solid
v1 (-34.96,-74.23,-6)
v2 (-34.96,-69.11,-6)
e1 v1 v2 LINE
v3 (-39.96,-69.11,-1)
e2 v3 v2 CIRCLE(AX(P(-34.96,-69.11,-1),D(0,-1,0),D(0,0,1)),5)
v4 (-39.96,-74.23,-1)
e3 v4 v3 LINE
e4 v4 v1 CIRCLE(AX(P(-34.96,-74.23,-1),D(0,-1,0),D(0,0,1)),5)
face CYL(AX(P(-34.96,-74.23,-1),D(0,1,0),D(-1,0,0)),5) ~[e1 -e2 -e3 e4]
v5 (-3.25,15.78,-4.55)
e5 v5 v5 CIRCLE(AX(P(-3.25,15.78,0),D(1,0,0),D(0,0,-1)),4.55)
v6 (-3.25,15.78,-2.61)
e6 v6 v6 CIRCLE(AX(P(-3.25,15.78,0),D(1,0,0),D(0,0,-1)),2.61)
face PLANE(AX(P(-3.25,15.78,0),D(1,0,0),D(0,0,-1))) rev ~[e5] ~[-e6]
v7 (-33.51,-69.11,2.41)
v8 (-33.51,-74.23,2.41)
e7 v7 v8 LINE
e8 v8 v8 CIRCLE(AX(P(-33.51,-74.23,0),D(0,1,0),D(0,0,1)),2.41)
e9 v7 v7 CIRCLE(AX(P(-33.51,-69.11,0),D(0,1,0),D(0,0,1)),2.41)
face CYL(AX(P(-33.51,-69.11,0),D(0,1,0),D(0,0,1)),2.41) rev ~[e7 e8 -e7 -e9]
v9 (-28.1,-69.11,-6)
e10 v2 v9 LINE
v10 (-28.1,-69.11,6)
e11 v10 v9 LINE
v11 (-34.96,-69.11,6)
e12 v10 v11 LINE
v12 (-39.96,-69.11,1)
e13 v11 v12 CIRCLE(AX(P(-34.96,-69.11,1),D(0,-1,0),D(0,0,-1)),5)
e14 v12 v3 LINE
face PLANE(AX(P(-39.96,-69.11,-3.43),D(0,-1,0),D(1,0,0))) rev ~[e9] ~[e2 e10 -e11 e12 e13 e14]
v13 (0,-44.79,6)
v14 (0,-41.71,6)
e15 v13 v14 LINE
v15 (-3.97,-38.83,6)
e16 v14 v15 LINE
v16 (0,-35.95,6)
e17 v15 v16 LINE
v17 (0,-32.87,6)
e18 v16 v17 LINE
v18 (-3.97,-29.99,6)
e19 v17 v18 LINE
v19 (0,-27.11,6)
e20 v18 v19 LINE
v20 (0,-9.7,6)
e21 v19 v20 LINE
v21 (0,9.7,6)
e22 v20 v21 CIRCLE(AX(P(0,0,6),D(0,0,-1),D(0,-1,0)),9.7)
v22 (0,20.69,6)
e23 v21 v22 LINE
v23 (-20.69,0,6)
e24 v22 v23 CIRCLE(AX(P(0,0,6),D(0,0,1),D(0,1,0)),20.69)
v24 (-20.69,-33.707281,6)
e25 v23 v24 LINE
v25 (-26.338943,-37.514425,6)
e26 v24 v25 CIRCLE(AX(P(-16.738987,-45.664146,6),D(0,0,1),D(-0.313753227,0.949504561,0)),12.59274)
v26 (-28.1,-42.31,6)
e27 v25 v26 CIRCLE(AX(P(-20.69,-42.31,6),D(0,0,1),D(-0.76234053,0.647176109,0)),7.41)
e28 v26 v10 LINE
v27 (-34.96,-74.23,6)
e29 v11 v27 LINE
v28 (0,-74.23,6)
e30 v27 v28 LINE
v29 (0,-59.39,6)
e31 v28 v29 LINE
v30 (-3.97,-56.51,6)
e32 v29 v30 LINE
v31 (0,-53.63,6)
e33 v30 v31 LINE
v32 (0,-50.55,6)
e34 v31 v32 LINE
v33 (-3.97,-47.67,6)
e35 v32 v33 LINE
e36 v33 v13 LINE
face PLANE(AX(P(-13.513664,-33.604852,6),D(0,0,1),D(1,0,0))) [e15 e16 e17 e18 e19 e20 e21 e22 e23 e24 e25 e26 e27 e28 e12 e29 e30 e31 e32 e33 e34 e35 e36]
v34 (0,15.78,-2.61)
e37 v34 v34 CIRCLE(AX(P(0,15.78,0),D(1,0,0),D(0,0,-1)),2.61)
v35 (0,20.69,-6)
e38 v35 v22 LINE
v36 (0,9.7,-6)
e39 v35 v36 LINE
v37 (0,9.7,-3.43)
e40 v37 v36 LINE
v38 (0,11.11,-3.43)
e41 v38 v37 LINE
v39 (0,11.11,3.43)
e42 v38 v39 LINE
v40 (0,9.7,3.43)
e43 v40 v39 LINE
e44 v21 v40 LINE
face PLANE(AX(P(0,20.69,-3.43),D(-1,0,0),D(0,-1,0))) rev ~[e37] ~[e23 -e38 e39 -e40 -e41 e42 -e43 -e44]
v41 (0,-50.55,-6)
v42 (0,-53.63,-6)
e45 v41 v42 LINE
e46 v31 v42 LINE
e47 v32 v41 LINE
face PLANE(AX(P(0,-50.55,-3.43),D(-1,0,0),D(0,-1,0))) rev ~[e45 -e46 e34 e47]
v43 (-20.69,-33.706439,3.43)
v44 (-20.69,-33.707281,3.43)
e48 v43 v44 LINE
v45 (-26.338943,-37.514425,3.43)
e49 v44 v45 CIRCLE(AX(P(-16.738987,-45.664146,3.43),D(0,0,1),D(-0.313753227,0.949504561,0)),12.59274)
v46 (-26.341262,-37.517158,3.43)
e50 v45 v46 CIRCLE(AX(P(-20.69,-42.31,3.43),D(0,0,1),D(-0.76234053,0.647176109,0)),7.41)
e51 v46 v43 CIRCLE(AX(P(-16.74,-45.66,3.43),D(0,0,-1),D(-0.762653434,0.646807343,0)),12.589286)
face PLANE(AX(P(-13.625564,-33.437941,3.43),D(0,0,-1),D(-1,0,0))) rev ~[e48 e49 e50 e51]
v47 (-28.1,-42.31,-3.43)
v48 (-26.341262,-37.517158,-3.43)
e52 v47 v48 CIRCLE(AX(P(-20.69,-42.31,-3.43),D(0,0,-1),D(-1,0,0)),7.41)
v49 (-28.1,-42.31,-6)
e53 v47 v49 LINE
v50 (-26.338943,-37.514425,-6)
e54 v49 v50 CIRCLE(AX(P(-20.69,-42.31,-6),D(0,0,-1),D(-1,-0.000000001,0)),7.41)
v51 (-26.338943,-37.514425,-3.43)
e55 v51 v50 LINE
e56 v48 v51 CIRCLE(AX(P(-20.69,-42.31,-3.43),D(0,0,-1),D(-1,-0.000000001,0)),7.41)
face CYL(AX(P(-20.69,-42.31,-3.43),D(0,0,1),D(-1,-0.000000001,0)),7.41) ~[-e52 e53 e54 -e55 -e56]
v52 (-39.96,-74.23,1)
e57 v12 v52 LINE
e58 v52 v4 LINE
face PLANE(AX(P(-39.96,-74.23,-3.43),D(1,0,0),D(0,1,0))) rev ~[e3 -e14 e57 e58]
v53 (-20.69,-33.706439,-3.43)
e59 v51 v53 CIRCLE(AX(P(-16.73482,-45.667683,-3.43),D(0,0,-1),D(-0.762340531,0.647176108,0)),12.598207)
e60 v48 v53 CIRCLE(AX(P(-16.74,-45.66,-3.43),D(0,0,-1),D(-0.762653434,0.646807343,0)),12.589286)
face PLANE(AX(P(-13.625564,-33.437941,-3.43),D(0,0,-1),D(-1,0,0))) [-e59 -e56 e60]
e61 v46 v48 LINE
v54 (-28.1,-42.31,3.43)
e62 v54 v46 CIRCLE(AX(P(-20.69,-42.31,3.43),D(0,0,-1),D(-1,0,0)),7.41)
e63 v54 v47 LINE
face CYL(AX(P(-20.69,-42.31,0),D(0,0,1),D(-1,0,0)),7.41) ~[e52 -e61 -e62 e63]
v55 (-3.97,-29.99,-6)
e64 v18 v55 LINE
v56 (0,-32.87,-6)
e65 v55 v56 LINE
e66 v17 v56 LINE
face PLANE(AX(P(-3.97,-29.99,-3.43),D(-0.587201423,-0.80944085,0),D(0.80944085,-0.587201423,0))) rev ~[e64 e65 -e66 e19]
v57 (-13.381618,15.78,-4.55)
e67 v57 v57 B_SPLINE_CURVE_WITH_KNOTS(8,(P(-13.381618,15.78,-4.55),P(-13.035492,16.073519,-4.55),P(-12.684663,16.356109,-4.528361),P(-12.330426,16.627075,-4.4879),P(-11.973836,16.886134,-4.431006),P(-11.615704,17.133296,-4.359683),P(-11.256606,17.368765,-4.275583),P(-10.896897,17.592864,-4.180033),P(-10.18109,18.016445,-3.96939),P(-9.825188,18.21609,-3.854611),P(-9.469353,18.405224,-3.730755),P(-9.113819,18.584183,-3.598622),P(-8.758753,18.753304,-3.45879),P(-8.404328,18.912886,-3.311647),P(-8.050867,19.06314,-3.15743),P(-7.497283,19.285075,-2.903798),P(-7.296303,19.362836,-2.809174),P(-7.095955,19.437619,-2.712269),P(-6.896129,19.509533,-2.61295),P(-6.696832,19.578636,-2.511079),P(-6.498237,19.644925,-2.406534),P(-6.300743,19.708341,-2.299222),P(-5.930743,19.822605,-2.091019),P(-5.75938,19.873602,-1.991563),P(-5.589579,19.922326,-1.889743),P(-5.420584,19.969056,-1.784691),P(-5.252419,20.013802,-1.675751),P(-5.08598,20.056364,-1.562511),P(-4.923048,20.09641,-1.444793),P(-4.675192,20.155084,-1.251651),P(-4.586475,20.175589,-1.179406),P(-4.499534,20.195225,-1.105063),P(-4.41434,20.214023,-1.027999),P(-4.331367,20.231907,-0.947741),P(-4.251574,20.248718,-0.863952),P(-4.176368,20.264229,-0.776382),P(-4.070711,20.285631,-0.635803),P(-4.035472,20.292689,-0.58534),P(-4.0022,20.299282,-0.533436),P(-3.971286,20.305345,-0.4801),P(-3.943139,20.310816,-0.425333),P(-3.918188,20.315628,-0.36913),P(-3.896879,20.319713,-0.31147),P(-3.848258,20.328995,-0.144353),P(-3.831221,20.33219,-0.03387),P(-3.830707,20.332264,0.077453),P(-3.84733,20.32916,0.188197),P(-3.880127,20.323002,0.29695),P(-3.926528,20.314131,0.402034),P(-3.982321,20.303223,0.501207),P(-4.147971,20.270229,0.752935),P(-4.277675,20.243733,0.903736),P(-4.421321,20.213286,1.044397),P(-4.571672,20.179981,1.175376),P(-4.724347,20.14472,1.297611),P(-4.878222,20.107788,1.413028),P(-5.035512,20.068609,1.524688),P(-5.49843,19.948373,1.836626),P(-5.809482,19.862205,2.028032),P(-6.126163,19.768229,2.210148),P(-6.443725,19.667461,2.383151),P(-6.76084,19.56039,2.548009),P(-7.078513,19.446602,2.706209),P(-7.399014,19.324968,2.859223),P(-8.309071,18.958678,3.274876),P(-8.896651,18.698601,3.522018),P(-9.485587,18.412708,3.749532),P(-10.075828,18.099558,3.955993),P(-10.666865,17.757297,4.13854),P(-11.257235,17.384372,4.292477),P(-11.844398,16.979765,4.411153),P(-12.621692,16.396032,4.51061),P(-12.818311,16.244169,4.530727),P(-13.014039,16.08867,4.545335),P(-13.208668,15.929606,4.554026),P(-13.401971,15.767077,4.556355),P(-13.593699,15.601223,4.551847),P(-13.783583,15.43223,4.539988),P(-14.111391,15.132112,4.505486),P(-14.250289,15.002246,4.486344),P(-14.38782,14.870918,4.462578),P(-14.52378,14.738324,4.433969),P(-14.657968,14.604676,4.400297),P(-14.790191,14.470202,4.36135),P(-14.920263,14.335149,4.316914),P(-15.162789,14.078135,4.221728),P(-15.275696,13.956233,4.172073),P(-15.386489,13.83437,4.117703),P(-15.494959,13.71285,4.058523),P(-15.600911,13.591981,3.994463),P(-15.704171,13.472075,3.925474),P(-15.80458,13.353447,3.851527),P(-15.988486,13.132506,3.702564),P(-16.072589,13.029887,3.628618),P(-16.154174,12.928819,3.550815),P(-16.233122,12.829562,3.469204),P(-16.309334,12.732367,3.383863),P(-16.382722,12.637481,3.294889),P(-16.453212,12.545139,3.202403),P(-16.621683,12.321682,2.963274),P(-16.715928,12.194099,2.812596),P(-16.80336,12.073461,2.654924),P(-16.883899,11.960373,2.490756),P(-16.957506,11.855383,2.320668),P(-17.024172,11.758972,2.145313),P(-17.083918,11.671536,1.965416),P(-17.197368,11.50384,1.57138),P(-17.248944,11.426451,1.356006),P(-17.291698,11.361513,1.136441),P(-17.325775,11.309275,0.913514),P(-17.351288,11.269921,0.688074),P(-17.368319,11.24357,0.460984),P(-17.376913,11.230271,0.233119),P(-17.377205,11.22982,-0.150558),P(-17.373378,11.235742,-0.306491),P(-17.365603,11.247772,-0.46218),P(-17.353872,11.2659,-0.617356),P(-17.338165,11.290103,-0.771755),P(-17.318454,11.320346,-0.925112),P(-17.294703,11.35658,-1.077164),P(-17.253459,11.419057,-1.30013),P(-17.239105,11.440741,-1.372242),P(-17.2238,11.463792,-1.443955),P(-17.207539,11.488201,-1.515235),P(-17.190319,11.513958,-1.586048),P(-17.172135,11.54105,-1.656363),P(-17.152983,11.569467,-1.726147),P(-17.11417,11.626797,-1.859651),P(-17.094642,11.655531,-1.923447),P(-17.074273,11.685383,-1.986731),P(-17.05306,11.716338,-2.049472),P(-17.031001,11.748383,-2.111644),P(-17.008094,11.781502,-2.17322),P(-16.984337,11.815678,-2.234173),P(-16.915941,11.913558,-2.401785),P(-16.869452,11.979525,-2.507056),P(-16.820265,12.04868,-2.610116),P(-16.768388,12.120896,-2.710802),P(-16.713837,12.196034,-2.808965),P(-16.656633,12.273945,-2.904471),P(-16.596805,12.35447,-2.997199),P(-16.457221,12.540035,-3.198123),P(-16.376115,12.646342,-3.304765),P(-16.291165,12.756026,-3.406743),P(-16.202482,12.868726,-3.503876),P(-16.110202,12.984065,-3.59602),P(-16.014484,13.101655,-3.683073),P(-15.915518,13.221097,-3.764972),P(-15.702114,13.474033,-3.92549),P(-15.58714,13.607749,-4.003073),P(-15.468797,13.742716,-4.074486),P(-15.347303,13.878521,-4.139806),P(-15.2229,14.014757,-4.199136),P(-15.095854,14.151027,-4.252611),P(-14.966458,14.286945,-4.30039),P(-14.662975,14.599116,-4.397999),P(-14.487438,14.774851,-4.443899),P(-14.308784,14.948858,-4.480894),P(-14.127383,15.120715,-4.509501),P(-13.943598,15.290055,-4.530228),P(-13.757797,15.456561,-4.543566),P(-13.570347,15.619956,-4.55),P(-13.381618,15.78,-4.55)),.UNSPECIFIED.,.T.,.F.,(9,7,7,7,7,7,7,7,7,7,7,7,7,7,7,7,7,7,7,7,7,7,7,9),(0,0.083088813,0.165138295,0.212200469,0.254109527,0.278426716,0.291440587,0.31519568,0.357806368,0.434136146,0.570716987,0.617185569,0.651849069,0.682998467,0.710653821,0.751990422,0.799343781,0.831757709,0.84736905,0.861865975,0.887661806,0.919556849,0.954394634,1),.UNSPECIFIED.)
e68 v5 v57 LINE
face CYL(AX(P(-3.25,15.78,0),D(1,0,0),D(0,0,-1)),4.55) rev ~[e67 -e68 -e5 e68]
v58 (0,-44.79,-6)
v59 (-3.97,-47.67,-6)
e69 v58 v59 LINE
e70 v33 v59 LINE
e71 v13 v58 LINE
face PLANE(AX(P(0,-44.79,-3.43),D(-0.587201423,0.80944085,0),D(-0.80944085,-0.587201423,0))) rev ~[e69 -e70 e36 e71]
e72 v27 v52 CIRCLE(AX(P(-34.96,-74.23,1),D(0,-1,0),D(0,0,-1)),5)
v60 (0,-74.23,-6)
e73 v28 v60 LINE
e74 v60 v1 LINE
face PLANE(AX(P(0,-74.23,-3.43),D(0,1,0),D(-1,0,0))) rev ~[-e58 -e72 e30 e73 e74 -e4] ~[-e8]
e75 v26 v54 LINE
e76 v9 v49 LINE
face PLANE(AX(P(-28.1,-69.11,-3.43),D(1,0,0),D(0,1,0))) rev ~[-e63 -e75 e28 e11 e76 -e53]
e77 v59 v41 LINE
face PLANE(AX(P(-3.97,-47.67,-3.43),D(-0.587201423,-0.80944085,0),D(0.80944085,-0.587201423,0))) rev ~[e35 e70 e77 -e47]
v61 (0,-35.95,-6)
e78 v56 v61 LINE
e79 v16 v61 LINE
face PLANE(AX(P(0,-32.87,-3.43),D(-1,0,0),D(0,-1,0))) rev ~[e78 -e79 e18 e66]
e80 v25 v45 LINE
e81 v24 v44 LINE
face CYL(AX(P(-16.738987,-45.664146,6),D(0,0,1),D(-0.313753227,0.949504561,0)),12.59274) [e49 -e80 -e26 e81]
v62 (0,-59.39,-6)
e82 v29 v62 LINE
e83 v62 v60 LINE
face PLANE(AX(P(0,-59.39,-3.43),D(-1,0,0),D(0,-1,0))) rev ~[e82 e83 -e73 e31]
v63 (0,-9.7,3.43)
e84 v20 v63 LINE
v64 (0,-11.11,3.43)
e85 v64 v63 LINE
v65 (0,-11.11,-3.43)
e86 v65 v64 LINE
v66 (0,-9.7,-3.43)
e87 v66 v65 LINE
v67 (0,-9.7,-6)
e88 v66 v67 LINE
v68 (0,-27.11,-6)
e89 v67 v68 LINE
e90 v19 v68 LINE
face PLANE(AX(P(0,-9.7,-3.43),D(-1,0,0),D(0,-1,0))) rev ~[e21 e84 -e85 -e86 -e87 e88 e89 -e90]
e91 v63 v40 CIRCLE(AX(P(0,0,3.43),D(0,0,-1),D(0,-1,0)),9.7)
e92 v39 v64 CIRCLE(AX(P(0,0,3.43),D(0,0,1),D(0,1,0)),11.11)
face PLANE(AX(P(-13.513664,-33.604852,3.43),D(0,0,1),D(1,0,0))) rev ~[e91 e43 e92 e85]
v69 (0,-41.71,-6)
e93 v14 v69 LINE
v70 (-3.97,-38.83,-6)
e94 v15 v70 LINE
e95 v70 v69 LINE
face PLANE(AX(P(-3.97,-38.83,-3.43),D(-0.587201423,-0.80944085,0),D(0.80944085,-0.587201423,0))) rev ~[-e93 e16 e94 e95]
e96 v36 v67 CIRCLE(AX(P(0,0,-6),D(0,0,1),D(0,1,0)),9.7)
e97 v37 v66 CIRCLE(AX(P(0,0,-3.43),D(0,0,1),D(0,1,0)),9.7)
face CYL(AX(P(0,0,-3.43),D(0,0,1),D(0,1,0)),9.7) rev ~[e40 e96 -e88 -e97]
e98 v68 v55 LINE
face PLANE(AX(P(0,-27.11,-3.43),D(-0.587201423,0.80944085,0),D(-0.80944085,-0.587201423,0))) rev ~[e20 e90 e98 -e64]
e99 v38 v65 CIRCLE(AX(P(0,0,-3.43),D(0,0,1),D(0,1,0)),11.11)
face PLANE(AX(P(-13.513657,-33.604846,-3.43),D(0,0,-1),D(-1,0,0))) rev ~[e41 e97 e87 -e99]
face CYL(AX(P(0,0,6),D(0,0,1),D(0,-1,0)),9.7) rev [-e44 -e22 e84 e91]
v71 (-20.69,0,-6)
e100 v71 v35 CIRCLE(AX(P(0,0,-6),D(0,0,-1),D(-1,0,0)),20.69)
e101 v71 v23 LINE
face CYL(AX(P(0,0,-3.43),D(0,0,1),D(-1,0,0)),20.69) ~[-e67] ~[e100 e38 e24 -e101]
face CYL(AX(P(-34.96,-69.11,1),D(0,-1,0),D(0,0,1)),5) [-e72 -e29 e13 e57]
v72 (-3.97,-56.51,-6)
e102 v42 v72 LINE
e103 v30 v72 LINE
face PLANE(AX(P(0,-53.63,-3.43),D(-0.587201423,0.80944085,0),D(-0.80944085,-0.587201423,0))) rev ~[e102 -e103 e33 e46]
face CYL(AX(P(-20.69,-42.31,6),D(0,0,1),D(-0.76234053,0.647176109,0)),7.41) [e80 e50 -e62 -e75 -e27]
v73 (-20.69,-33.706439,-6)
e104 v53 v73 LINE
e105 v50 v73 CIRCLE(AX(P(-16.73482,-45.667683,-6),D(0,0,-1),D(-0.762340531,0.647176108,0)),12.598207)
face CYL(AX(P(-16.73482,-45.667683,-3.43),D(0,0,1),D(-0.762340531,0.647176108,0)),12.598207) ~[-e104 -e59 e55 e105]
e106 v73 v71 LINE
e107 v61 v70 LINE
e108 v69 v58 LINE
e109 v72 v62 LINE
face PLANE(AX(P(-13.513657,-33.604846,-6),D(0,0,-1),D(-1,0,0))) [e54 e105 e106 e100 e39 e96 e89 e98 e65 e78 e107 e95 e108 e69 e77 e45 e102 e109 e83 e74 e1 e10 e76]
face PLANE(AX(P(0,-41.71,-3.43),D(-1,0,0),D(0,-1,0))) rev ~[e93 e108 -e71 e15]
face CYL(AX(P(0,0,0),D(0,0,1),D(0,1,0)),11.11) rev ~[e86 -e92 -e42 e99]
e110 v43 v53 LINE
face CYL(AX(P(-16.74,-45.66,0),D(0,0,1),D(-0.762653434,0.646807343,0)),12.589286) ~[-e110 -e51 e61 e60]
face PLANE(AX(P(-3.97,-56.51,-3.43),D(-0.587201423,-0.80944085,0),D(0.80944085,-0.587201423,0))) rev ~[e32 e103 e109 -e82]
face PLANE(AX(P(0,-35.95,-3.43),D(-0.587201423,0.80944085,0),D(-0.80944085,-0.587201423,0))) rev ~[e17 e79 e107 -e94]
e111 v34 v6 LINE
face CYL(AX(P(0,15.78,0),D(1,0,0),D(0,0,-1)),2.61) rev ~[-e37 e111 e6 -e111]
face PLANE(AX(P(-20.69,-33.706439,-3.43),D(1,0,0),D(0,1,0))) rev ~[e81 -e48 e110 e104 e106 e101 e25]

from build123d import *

# Parameters (mm, degrees)
BOSS_EXTRUDE1_DEPTH = 3.43
BOSS_EXTRUDE3_START = 2.57
BOSS_EXTRUDE3_DEPTH = 2.57
SKETCH6_R           = 2.41
CUT_EXTRUDE1_DEPTH  = 99.472542366
SKETCH7_R           = 2.61
CUT_EXTRUDE2_DEPTH  = 85.51564648
BOSS_EXTRUDE5_DEPTH = 2.57
FILLET4_R           = 5
SKETCH16_R          = 4.55
CUT_EXTRUDE5_DEPTH  = 84.028410807


with BuildPart() as part:
    # Sketch2 → Boss-Extrude1 (new, symmetric)
    with BuildSketch(Plane.XY):
        with BuildLine():
            Line((0, -11.11), (0, -27.11))
            Line((0, -27.11), (-3.97, -29.99))
            Line((-3.97, -29.99), (0, -32.87))
            Line((0, -32.87), (0, -35.95))
            Line((0, -35.95), (-3.97, -38.83))
            Line((-3.97, -38.83), (0, -41.71))
            Line((0, -41.71), (0, -44.79))
            Line((0, -44.79), (-3.97, -47.67))
            Line((-3.97, -47.67), (0, -50.55))
            Line((0, -50.55), (0, -53.63))
            Line((0, -53.63), (-3.97, -56.51))
            Line((-3.97, -56.51), (0, -59.39))
            Line((0, -59.39), (0, -74.23))
            Line((0, -74.23), (-39.96, -74.23))
            Line((-39.96, -74.23), (-39.96, -69.11))
            Line((-39.96, -69.11), (-28.1, -69.11))
            Line((-28.1, -69.11), (-28.1, -42.31))
            ThreePointArc((-28.1, -42.31), (-27.646434109, -39.757329931), (-26.341261949, -37.517157588))
            ThreePointArc((-26.341261949, -37.517157588), (-23.778435094, -35.222062226), (-20.69, -33.706439294))
            Line((-20.69, -33.706439294), (-20.69, 0))
            ThreePointArc((-20.69, 0), (-14.630039303, 14.630039303), (0, 20.69))
            Line((0, 20.69), (0, 11.11))
            ThreePointArc((0, 11.11), (-11.11, 0), (0, -11.11))
        make_face()
    extrude(amount=BOSS_EXTRUDE1_DEPTH, both=True)

    # Sketch4 → Boss-Extrude3 (add)
    with BuildSketch(Plane.XY.offset(3.43).offset(BOSS_EXTRUDE3_START)):
        with BuildLine():
            Line((-39.96, -69.11), (-39.96, -74.23))
            Line((-39.96, -74.23), (0, -74.23))
            Line((0, -74.23), (0, -59.39))
            Line((0, -59.39), (-3.97, -56.51))
            Line((-3.97, -56.51), (0, -53.63))
            Line((0, -53.63), (0, -50.55))
            Line((0, -50.55), (-3.97, -47.67))
            Line((-3.97, -47.67), (0, -44.79))
            Line((0, -44.79), (0, -41.71))
            Line((0, -41.71), (-3.97, -38.83))
            Line((-3.97, -38.83), (0, -35.95))
            Line((0, -35.95), (0, -32.87))
            Line((0, -32.87), (-3.97, -29.99))
            Line((-3.97, -29.99), (0, -27.11))
            Line((0, -27.11), (0, -9.7))
            ThreePointArc((0, -9.7), (-9.7, 0), (0, 9.7))
            Line((0, 9.7), (0, 20.69))
            ThreePointArc((0, 20.69), (-14.630039303, 14.630039303), (-20.69, 0))
            Line((-20.69, 0), (-20.69, -33.707281395))
            ThreePointArc((-20.69, -33.707281395), (-23.776797611, -35.221620619), (-26.33894333, -37.514425035))
            ThreePointArc((-26.33894333, -37.514425035), (-27.645816634, -39.755647839), (-28.1, -42.31))
            Line((-28.1, -42.31), (-28.1, -69.11))
            Line((-28.1, -69.11), (-39.96, -69.11))
        make_face()
    extrude(amount=-BOSS_EXTRUDE3_DEPTH)

    # Sketch6 → Cut-Extrude1 (cut, through all)
    with BuildSketch(Plane(origin=(0, -69.11, 0), x_dir=(1, 0, 0), z_dir=(0, 1, 0))):
        with Locations(Location((-33.51, 0, 0), (0, 0, 270))):
            Circle(SKETCH6_R)
    extrude(amount=-CUT_EXTRUDE1_DEPTH, mode=Mode.SUBTRACT)

    # Sketch7 → Cut-Extrude2 (cut, through all)
    with BuildSketch(Plane(origin=(0, 0, 0), x_dir=(0, 0, -1), z_dir=(1, 0, 0))):
        with Locations((0, 15.78)):
            Circle(SKETCH7_R)
    extrude(amount=-CUT_EXTRUDE2_DEPTH, mode=Mode.SUBTRACT)

    # Sketch15 → Boss-Extrude5 (add)
    with BuildSketch(Plane(origin=(0, 0, -3.43), x_dir=(-1, 0, 0), z_dir=(0, 0, -1))):
        with BuildLine():
            Line((0, 20.69), (0, 9.7))
            ThreePointArc((0, 9.7), (9.7, 0), (0, -9.7))
            Line((0, -9.7), (0, -27.11))
            Line((0, -27.11), (3.97, -29.99))
            Line((3.97, -29.99), (0, -32.87))
            Line((0, -32.87), (0, -35.95))
            Line((0, -35.95), (3.97, -38.83))
            Line((3.97, -38.83), (0, -41.71))
            Line((0, -41.71), (0, -44.79))
            Line((0, -44.79), (3.97, -47.67))
            Line((3.97, -47.67), (0, -50.55))
            Line((0, -50.55), (0, -53.63))
            Line((0, -53.63), (3.97, -56.51))
            Line((3.97, -56.51), (0, -59.39))
            Line((0, -59.39), (0, -74.23))
            Line((0, -74.23), (39.96, -74.23))
            Line((39.96, -74.23), (39.96, -69.11))
            Line((39.96, -69.11), (28.1, -69.11))
            Line((28.1, -69.11), (28.1, -42.31))
            ThreePointArc((28.1, -42.31), (27.645816634, -39.755647839), (26.33894333, -37.514425035))
            ThreePointArc((26.33894333, -37.514425035), (23.776756199, -35.221347075), (20.69, -33.706439294))
            Line((20.69, -33.706439294), (20.69, 0))
            ThreePointArc((20.69, 0), (14.630039303, 14.630039303), (0, 20.69))
        make_face()
    extrude(amount=BOSS_EXTRUDE5_DEPTH)

    # Fillet4
    fillet4_edges = [part.edges().sort_by_distance(p)[0] for p in [
        (-39.96, -71.67, -6),
        (-39.96, -71.67, 6),
    ]]
    fillet(fillet4_edges, radius=FILLET4_R)

    # Sketch16 → Cut-Extrude5 (cut, through all)
    with BuildSketch(Plane(origin=(-3.25, 0, 0), x_dir=(0, 0, -1), z_dir=(1, 0, 0))):
        with Locations((0, 15.78)):
            Circle(SKETCH16_R)
    extrude(amount=-CUT_EXTRUDE5_DEPTH, mode=Mode.SUBTRACT)


solid = part.part
